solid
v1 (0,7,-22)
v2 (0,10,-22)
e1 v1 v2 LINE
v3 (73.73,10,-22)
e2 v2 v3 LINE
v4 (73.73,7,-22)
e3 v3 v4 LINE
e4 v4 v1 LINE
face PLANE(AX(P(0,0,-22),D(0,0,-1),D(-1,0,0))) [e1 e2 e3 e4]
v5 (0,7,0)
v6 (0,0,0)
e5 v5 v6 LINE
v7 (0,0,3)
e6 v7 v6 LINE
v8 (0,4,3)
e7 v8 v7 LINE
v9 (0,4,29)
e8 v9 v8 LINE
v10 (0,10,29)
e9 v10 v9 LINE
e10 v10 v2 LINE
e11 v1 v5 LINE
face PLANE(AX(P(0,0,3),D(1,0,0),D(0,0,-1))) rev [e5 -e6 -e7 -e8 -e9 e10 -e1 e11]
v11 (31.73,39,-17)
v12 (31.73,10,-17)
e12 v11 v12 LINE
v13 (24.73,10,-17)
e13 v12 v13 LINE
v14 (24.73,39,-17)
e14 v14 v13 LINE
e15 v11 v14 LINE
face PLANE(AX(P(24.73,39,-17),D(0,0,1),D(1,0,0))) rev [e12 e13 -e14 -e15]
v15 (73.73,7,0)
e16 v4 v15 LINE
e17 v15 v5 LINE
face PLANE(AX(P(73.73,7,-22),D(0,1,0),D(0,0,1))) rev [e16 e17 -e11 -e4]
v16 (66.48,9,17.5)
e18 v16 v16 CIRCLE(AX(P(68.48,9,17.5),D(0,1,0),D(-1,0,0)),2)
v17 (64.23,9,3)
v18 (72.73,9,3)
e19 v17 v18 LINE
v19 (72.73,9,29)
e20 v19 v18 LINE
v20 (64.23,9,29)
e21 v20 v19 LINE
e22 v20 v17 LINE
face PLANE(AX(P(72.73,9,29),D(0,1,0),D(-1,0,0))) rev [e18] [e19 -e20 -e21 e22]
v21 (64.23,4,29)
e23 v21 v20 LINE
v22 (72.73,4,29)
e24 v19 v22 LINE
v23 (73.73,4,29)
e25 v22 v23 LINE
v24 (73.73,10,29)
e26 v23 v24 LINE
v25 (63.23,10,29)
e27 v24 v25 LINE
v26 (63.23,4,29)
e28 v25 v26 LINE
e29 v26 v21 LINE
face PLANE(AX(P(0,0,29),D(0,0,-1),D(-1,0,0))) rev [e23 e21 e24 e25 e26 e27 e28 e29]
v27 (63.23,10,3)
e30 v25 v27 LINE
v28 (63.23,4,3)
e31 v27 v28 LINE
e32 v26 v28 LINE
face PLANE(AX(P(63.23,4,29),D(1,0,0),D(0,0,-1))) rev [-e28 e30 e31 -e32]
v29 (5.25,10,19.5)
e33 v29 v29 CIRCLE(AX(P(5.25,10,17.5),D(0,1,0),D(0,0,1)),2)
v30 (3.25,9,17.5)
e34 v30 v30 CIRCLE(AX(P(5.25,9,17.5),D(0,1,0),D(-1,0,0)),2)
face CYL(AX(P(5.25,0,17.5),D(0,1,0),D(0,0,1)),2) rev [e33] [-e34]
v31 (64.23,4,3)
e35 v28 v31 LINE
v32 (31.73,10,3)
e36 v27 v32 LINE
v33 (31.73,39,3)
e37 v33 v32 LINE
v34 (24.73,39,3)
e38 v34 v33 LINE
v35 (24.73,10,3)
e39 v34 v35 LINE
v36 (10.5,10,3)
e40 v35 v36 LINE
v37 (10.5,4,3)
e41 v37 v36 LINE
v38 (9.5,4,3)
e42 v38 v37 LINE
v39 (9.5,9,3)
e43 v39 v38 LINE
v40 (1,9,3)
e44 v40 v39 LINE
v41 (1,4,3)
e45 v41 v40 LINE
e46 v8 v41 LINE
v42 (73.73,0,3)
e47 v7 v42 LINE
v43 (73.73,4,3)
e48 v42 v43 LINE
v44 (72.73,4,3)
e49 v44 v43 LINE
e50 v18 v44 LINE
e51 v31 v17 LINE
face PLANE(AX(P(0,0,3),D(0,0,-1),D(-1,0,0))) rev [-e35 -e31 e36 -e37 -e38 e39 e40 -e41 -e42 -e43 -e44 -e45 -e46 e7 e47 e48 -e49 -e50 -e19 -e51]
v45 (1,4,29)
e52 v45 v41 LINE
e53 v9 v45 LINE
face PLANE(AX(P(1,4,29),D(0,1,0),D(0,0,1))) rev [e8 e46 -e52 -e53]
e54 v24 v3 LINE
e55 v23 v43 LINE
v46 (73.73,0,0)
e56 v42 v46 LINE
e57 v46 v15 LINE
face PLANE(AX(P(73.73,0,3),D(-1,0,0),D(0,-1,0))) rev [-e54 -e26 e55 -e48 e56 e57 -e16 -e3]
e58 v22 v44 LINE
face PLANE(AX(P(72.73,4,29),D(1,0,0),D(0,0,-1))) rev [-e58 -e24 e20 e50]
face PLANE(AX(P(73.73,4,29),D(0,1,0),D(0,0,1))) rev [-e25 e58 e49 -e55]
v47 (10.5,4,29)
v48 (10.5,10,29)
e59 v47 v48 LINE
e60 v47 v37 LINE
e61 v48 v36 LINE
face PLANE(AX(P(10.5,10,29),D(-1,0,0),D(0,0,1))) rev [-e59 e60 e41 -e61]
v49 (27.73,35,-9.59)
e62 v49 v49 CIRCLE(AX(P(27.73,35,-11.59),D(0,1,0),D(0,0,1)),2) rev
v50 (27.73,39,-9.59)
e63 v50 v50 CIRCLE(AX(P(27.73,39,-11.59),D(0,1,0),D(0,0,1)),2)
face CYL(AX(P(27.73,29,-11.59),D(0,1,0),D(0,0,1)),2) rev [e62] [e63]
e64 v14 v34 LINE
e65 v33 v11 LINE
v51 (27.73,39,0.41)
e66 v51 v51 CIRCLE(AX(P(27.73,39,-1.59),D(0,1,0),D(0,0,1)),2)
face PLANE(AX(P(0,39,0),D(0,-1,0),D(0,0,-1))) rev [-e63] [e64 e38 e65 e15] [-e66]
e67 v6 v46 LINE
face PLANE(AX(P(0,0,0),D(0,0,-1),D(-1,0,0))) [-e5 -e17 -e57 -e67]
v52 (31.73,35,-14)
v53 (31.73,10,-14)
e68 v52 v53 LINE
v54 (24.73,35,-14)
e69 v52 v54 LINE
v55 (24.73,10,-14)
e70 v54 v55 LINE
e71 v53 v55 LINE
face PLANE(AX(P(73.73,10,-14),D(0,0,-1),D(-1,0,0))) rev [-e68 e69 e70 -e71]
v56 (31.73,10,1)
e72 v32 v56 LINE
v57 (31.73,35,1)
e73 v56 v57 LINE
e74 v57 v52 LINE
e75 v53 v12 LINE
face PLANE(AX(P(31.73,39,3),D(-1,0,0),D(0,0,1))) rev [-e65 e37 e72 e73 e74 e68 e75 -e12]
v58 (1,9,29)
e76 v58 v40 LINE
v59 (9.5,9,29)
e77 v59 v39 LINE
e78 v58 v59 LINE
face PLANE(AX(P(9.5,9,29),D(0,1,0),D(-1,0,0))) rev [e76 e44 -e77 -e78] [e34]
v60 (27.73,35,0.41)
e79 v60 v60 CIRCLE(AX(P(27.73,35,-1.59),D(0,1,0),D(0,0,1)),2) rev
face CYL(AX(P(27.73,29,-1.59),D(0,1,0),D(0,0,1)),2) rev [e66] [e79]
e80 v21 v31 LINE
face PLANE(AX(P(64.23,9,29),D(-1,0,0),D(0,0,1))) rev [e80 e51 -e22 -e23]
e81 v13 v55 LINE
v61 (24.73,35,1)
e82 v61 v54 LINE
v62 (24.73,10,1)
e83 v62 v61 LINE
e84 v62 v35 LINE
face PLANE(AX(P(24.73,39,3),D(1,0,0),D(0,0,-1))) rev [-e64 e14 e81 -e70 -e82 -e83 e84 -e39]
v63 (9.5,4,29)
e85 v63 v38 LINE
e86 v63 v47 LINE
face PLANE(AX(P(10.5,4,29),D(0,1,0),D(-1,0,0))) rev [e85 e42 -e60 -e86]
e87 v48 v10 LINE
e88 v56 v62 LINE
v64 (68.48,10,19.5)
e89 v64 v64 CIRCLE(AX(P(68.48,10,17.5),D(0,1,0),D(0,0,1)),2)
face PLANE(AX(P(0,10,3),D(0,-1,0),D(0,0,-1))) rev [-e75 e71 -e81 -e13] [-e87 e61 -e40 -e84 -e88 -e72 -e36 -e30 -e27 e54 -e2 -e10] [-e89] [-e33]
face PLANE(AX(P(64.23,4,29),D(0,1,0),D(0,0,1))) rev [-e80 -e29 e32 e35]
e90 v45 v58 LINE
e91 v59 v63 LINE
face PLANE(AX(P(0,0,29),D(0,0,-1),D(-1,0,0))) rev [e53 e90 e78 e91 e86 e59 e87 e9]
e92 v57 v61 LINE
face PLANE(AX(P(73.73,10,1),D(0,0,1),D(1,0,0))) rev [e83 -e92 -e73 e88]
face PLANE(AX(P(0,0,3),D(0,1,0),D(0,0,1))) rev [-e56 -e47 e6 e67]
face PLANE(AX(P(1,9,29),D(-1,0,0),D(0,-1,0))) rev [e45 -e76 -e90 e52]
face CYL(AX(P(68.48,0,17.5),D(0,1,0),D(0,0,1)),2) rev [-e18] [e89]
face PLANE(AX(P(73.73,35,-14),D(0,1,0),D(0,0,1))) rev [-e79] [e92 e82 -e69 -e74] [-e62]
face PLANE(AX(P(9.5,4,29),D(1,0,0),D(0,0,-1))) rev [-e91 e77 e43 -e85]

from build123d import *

# Parameters (mm, degrees)
SKETCH1_W           = 73.73
SKETCH1_H           = 10
BOSS_EXTRUDE1_DEPTH = 3
BOSS_EXTRUDE2_DEPTH = 26
BOSS_EXTRUDE3_DEPTH = 26
SKETCH8_R           = 2
CUT_EXTRUDE1_DEPTH  = 80.85682751
SKETCH10_W          = 73.73
SKETCH10_H          = 3
BOSS_EXTRUDE4_DEPTH = 22
SKETCH11_W          = 7
SKETCH11_H          = 20
BOSS_EXTRUDE5_DEPTH = 29
SKETCH12_R          = 2
CUT_EXTRUDE2_DEPTH  = 10
SKETCH13_W          = 15
SKETCH13_H          = 25
CUT_EXTRUDE3_DEPTH  = 70.014491232


with BuildPart() as part:
    # Sketch1 → Boss-Extrude1 (new body)
    with BuildSketch(Plane.XY):
        with Locations((36.865, 5)):
            Rectangle(SKETCH1_W, SKETCH1_H)
    extrude(amount=BOSS_EXTRUDE1_DEPTH)

    # Sketch2 → Boss-Extrude2 (add)
    with BuildSketch(Plane.XY.offset(3)):
        Polygon((0, 4), (0, 10), (10.5, 10), (10.5, 4), (9.5, 4), (9.5, 9), (1, 9), (1, 4), align=None)
    extrude(amount=BOSS_EXTRUDE2_DEPTH)

    # Sketch7 → Boss-Extrude3 (add)
    with BuildSketch(Plane.XY.offset(3)):
        Polygon((73.73, 10), (73.73, 4), (72.73, 4), (72.73, 9), (64.23, 9), (64.23, 4), (63.23, 4), (63.23, 10), align=None)
    extrude(amount=BOSS_EXTRUDE3_DEPTH)

    # Sketch8 → Cut-Extrude1 (cut, through all)
    with BuildSketch(Plane(origin=(0, 10, 0), x_dir=(1, 0, 0), z_dir=(0, 1, 0))):
        with Locations(Location((5.25, -17.5, 0), (0, 0, 270))):
            Circle(SKETCH8_R)
        with Locations(Location((68.48, -17.5, 0), (0, 0, 270))):
            Circle(SKETCH8_R)
    extrude(amount=-CUT_EXTRUDE1_DEPTH, mode=Mode.SUBTRACT)

    # Sketch10 → Boss-Extrude4 (add)
    with BuildSketch(Plane(origin=(0, 0, 0), x_dir=(-1, 0, 0), z_dir=(0, 0, -1))):
        with Locations((-36.865, 8.5)):
            Rectangle(SKETCH10_W, SKETCH10_H)
    extrude(amount=BOSS_EXTRUDE4_DEPTH)

    # Sketch11 → Boss-Extrude5 (add)
    with BuildSketch(Plane(origin=(0, 10, 0), x_dir=(1, 0, 0), z_dir=(0, 1, 0))):
        with Locations((28.23, 7)):
            Rectangle(SKETCH11_W, SKETCH11_H)
    extrude(amount=BOSS_EXTRUDE5_DEPTH)

    # Sketch12 → Cut-Extrude2 (cut)
    with BuildSketch(Plane(origin=(0, 39, 0), x_dir=(1, 0, 0), z_dir=(0, 1, 0))):
        with Locations(Location((27.73, 11.59, 0), (0, 0, 270))):
            Circle(SKETCH12_R)
        with Locations(Location((27.73, 1.59, 0), (0, 0, 270))):
            Circle(SKETCH12_R)
    extrude(amount=-CUT_EXTRUDE2_DEPTH, mode=Mode.SUBTRACT)

    # Sketch13 → Cut-Extrude3 (cut, through all)
    with BuildSketch(Plane.ZY.offset(-24.73)):
        with Locations((-6.5, 22.5)):
            Rectangle(SKETCH13_W, SKETCH13_H)
    extrude(amount=-CUT_EXTRUDE3_DEPTH, mode=Mode.SUBTRACT)


solid = part.part
